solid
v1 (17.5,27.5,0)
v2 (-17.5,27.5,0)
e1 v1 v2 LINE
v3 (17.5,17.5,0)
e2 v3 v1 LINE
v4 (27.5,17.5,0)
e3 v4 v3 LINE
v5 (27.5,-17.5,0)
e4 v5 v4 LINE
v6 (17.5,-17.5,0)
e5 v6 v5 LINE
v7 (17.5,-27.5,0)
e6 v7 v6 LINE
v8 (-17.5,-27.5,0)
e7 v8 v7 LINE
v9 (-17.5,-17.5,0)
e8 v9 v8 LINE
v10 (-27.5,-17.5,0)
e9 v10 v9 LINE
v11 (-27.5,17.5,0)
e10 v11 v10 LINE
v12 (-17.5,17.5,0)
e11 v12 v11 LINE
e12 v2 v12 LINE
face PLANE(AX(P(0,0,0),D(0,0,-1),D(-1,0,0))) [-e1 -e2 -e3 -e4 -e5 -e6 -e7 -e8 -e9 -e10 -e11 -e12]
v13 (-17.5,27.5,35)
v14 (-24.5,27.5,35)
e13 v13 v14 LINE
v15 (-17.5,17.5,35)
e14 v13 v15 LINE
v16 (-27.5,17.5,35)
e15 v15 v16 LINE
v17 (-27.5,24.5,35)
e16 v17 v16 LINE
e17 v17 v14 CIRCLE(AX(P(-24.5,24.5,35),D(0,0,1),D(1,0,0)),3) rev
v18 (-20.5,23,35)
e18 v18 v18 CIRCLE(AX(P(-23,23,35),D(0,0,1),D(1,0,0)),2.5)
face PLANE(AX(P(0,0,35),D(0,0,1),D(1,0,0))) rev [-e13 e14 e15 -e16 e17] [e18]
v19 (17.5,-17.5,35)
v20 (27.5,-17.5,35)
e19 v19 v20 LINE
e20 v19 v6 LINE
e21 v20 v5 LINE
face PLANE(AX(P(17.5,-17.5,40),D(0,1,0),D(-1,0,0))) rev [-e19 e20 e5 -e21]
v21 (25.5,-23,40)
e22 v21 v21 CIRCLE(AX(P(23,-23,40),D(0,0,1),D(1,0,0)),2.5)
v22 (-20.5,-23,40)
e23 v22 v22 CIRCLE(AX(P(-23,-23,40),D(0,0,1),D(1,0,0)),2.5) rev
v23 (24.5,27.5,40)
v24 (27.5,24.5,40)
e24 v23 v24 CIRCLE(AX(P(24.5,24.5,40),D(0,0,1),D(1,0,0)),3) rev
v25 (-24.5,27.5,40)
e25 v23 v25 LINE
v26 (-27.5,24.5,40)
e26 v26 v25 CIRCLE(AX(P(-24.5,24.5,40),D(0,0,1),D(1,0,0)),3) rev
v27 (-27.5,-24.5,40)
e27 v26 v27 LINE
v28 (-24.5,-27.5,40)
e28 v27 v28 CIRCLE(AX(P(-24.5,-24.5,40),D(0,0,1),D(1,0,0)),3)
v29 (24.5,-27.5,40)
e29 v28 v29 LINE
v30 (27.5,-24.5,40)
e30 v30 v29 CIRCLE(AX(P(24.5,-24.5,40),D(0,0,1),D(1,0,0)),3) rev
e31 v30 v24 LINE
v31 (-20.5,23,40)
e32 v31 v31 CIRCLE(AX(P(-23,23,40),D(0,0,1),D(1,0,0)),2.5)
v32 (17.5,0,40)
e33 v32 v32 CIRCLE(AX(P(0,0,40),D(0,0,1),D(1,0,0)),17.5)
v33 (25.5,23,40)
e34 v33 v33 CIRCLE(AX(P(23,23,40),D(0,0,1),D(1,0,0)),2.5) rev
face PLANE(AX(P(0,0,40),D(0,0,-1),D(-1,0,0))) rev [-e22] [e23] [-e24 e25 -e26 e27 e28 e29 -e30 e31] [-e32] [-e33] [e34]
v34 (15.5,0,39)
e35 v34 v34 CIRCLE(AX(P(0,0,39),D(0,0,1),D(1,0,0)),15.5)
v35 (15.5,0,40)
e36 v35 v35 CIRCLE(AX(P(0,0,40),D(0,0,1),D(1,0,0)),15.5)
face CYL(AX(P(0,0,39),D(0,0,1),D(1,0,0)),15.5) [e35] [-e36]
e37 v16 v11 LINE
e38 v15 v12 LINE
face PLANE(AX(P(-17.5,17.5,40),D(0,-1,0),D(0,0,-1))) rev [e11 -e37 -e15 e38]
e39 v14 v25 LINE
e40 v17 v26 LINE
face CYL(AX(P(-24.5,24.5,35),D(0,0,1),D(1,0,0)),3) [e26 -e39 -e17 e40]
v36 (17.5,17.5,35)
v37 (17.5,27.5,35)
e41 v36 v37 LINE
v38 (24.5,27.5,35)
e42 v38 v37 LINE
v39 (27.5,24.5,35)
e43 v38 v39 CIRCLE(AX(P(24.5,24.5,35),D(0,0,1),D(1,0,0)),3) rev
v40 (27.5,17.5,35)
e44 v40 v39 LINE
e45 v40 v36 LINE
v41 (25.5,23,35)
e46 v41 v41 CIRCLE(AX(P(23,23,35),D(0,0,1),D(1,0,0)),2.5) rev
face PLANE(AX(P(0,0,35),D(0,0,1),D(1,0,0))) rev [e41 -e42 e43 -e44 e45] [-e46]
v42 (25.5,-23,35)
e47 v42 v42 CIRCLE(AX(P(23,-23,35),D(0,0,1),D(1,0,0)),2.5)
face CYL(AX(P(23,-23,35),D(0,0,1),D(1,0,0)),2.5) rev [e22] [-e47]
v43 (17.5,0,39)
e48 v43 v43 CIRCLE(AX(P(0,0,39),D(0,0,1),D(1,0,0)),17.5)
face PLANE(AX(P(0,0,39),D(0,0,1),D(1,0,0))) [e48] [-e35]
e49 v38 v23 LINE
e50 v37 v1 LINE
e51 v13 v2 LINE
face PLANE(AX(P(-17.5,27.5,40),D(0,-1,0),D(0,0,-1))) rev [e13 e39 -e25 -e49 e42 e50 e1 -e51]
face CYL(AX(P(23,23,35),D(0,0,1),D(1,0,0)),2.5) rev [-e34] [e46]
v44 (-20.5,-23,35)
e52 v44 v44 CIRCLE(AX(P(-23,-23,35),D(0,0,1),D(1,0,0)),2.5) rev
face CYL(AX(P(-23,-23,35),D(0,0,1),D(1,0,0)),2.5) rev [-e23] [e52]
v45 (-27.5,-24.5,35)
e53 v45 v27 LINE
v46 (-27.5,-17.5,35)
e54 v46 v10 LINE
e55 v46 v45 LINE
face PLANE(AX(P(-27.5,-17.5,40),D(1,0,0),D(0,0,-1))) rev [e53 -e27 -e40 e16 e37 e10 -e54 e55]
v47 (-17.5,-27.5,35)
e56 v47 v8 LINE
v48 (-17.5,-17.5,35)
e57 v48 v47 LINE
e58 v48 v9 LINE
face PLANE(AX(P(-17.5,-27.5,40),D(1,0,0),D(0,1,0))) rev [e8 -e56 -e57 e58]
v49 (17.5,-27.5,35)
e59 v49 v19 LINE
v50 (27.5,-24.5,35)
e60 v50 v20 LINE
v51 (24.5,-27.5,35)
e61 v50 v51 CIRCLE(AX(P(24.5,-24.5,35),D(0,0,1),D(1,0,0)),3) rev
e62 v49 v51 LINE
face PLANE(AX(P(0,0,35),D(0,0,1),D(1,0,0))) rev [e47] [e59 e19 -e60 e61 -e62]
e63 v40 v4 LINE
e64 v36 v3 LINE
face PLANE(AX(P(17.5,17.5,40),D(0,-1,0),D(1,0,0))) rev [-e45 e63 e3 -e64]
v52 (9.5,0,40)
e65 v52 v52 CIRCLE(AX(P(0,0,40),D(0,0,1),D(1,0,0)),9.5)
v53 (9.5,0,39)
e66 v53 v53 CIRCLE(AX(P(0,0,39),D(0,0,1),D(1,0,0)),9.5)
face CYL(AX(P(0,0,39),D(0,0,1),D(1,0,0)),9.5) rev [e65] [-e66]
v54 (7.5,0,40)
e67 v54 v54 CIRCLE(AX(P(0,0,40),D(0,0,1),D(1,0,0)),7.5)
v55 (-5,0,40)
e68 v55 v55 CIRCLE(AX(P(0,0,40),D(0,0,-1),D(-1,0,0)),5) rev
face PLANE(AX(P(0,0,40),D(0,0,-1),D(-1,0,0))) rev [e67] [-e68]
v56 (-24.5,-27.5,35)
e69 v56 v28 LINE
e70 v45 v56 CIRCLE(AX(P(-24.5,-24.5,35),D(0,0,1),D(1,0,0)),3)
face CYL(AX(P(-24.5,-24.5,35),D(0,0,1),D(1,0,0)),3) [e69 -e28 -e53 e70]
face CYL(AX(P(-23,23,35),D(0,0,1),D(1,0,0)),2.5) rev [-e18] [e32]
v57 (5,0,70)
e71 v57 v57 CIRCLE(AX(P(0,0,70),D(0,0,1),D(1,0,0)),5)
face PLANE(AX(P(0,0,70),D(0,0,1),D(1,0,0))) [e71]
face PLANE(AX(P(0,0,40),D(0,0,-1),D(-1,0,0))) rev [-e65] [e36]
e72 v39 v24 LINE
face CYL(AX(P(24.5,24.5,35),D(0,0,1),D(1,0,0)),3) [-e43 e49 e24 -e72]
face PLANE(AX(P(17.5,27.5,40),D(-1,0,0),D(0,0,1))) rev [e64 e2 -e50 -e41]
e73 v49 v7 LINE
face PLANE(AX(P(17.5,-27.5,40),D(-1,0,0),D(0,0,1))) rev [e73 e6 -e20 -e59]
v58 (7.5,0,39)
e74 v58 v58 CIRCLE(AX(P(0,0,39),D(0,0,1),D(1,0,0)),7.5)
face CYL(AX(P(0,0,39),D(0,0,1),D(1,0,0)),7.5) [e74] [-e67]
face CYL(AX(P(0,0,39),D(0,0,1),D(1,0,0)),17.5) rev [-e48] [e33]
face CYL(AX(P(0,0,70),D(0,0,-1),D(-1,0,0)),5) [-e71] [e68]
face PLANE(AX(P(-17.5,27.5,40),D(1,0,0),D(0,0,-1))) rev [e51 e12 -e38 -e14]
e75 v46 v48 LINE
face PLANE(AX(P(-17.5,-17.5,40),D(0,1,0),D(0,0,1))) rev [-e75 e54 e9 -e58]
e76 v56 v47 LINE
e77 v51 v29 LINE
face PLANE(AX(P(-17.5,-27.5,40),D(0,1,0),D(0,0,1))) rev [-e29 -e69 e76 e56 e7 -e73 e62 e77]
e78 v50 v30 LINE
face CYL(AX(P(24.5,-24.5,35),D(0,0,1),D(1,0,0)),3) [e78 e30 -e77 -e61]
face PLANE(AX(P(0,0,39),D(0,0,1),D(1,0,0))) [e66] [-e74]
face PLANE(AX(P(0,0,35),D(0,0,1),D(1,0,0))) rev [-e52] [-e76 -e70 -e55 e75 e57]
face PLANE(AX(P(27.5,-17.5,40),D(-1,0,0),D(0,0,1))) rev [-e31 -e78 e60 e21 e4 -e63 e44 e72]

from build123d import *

# Parameters (mm, degrees)
BOSS_EXTRUDE1_DEPTH = 40
SKETCH3_R           = 2.5
BOSS_EXTRUDE2_DEPTH = 5
BOSS_EXTRUDE3_DEPTH = 30
SKETCH5_R           = 17.5
SKETCH5_R_2         = 15.5
SKETCH5_R_3         = 9.5
SKETCH5_R_4         = 7.5
CUT_EXTRUDE1_DEPTH  = 1


with BuildPart() as part:
    # Sketch1 → Boss-Extrude1 (new body)
    with BuildSketch(Plane.XY):
        Polygon((-27.5, -17.5), (-27.5, 17.5), (-17.5, 17.5), (-17.5, 27.5), (17.5, 27.5), (17.5, 17.5), (27.5, 17.5), (27.5, -17.5), (17.5, -17.5), (17.5, -27.5), (-17.5, -27.5), (-17.5, -17.5), align=None)
    extrude(amount=BOSS_EXTRUDE1_DEPTH)

    # Sketch3 → Boss-Extrude2 (add)
    # profile 1 of 5: a face of its own
    with BuildSketch(Plane.XY.offset(40)):
        Polygon((17.5, 27.5), (-17.5, 27.5), (-17.5, 17.5), (-27.5, 17.5), (-27.5, -17.5), (-17.5, -17.5), (-17.5, -27.5), (17.5, -27.5), (17.5, -17.5), (27.5, -17.5), (27.5, 17.5), (17.5, 17.5), align=None)
    # profile 2 of 5: a face of its own
    with BuildSketch(Plane.XY.offset(40)):
        with BuildLine():
            Line((24.5, 27.5), (17.5, 27.5))
            Line((17.5, 27.5), (17.5, 17.5))
            Line((17.5, 17.5), (27.5, 17.5))
            Line((27.5, 17.5), (27.5, 24.5))
            ThreePointArc((27.5, 24.5), (26.621320344, 26.621320344), (24.5, 27.5))
        make_face()
        with Locations((23, 23)):
            Circle(SKETCH3_R, mode=Mode.SUBTRACT)
    # profile 3 of 5: a face of its own
    with BuildSketch(Plane.XY.offset(40)):
        with BuildLine():
            Line((27.5, -24.5), (27.5, -17.5))
            Line((27.5, -17.5), (17.5, -17.5))
            Line((17.5, -17.5), (17.5, -27.5))
            Line((17.5, -27.5), (24.5, -27.5))
            ThreePointArc((24.5, -27.5), (26.621320344, -26.621320344), (27.5, -24.5))
        make_face()
        with Locations((23, -23)):
            Circle(SKETCH3_R, mode=Mode.SUBTRACT)
    # profile 4 of 5: a face of its own
    with BuildSketch(Plane.XY.offset(40)):
        with BuildLine():
            Line((-17.5, -17.5), (-27.5, -17.5))
            Line((-27.5, -17.5), (-27.5, -24.5))
            ThreePointArc((-27.5, -24.5), (-26.621320344, -26.621320344), (-24.5, -27.5))
            Line((-24.5, -27.5), (-17.5, -27.5))
            Line((-17.5, -27.5), (-17.5, -17.5))
        make_face()
        with Locations((-23, -23)):
            Circle(SKETCH3_R, mode=Mode.SUBTRACT)
    # profile 5 of 5: a face of its own
    with BuildSketch(Plane.XY.offset(40)):
        with BuildLine():
            Line((-17.5, 17.5), (-17.5, 27.5))
            Line((-17.5, 27.5), (-24.5, 27.5))
            ThreePointArc((-24.5, 27.5), (-26.621320344, 26.621320344), (-27.5, 24.5))
            Line((-27.5, 24.5), (-27.5, 17.5))
            Line((-27.5, 17.5), (-17.5, 17.5))
        make_face()
        with Locations((-23, 23)):
            Circle(SKETCH3_R, mode=Mode.SUBTRACT)
    extrude(amount=-BOSS_EXTRUDE2_DEPTH)

    # Sketch4 → Boss-Extrude3 (add)
    with BuildSketch(Plane.XY.offset(40)):
        with BuildLine():
            ThreePointArc((5, 0), (3.535533906, 3.535533906), (0, 5))
            Line((0, 5), (0, -5))
            ThreePointArc((0, -5), (3.535533906, -3.535533906), (5, 0))
        make_face()
        with BuildLine():
            Line((0, -5), (0, 5))
            ThreePointArc((0, 5), (-5, 0), (0, -5))
        make_face()
    extrude(amount=BOSS_EXTRUDE3_DEPTH)

    # Sketch5 → Cut-Extrude1 (cut)
    # profile 1 of 2: a face of its own
    with BuildSketch(Plane.XY.offset(40)):
        Circle(SKETCH5_R)
        Circle(SKETCH5_R_2, mode=Mode.SUBTRACT)
    # profile 2 of 2: a face of its own
    with BuildSketch(Plane.XY.offset(40)):
        Circle(SKETCH5_R_3)
        Circle(SKETCH5_R_4, mode=Mode.SUBTRACT)
    extrude(amount=-CUT_EXTRUDE1_DEPTH, mode=Mode.SUBTRACT)


solid = part.part
